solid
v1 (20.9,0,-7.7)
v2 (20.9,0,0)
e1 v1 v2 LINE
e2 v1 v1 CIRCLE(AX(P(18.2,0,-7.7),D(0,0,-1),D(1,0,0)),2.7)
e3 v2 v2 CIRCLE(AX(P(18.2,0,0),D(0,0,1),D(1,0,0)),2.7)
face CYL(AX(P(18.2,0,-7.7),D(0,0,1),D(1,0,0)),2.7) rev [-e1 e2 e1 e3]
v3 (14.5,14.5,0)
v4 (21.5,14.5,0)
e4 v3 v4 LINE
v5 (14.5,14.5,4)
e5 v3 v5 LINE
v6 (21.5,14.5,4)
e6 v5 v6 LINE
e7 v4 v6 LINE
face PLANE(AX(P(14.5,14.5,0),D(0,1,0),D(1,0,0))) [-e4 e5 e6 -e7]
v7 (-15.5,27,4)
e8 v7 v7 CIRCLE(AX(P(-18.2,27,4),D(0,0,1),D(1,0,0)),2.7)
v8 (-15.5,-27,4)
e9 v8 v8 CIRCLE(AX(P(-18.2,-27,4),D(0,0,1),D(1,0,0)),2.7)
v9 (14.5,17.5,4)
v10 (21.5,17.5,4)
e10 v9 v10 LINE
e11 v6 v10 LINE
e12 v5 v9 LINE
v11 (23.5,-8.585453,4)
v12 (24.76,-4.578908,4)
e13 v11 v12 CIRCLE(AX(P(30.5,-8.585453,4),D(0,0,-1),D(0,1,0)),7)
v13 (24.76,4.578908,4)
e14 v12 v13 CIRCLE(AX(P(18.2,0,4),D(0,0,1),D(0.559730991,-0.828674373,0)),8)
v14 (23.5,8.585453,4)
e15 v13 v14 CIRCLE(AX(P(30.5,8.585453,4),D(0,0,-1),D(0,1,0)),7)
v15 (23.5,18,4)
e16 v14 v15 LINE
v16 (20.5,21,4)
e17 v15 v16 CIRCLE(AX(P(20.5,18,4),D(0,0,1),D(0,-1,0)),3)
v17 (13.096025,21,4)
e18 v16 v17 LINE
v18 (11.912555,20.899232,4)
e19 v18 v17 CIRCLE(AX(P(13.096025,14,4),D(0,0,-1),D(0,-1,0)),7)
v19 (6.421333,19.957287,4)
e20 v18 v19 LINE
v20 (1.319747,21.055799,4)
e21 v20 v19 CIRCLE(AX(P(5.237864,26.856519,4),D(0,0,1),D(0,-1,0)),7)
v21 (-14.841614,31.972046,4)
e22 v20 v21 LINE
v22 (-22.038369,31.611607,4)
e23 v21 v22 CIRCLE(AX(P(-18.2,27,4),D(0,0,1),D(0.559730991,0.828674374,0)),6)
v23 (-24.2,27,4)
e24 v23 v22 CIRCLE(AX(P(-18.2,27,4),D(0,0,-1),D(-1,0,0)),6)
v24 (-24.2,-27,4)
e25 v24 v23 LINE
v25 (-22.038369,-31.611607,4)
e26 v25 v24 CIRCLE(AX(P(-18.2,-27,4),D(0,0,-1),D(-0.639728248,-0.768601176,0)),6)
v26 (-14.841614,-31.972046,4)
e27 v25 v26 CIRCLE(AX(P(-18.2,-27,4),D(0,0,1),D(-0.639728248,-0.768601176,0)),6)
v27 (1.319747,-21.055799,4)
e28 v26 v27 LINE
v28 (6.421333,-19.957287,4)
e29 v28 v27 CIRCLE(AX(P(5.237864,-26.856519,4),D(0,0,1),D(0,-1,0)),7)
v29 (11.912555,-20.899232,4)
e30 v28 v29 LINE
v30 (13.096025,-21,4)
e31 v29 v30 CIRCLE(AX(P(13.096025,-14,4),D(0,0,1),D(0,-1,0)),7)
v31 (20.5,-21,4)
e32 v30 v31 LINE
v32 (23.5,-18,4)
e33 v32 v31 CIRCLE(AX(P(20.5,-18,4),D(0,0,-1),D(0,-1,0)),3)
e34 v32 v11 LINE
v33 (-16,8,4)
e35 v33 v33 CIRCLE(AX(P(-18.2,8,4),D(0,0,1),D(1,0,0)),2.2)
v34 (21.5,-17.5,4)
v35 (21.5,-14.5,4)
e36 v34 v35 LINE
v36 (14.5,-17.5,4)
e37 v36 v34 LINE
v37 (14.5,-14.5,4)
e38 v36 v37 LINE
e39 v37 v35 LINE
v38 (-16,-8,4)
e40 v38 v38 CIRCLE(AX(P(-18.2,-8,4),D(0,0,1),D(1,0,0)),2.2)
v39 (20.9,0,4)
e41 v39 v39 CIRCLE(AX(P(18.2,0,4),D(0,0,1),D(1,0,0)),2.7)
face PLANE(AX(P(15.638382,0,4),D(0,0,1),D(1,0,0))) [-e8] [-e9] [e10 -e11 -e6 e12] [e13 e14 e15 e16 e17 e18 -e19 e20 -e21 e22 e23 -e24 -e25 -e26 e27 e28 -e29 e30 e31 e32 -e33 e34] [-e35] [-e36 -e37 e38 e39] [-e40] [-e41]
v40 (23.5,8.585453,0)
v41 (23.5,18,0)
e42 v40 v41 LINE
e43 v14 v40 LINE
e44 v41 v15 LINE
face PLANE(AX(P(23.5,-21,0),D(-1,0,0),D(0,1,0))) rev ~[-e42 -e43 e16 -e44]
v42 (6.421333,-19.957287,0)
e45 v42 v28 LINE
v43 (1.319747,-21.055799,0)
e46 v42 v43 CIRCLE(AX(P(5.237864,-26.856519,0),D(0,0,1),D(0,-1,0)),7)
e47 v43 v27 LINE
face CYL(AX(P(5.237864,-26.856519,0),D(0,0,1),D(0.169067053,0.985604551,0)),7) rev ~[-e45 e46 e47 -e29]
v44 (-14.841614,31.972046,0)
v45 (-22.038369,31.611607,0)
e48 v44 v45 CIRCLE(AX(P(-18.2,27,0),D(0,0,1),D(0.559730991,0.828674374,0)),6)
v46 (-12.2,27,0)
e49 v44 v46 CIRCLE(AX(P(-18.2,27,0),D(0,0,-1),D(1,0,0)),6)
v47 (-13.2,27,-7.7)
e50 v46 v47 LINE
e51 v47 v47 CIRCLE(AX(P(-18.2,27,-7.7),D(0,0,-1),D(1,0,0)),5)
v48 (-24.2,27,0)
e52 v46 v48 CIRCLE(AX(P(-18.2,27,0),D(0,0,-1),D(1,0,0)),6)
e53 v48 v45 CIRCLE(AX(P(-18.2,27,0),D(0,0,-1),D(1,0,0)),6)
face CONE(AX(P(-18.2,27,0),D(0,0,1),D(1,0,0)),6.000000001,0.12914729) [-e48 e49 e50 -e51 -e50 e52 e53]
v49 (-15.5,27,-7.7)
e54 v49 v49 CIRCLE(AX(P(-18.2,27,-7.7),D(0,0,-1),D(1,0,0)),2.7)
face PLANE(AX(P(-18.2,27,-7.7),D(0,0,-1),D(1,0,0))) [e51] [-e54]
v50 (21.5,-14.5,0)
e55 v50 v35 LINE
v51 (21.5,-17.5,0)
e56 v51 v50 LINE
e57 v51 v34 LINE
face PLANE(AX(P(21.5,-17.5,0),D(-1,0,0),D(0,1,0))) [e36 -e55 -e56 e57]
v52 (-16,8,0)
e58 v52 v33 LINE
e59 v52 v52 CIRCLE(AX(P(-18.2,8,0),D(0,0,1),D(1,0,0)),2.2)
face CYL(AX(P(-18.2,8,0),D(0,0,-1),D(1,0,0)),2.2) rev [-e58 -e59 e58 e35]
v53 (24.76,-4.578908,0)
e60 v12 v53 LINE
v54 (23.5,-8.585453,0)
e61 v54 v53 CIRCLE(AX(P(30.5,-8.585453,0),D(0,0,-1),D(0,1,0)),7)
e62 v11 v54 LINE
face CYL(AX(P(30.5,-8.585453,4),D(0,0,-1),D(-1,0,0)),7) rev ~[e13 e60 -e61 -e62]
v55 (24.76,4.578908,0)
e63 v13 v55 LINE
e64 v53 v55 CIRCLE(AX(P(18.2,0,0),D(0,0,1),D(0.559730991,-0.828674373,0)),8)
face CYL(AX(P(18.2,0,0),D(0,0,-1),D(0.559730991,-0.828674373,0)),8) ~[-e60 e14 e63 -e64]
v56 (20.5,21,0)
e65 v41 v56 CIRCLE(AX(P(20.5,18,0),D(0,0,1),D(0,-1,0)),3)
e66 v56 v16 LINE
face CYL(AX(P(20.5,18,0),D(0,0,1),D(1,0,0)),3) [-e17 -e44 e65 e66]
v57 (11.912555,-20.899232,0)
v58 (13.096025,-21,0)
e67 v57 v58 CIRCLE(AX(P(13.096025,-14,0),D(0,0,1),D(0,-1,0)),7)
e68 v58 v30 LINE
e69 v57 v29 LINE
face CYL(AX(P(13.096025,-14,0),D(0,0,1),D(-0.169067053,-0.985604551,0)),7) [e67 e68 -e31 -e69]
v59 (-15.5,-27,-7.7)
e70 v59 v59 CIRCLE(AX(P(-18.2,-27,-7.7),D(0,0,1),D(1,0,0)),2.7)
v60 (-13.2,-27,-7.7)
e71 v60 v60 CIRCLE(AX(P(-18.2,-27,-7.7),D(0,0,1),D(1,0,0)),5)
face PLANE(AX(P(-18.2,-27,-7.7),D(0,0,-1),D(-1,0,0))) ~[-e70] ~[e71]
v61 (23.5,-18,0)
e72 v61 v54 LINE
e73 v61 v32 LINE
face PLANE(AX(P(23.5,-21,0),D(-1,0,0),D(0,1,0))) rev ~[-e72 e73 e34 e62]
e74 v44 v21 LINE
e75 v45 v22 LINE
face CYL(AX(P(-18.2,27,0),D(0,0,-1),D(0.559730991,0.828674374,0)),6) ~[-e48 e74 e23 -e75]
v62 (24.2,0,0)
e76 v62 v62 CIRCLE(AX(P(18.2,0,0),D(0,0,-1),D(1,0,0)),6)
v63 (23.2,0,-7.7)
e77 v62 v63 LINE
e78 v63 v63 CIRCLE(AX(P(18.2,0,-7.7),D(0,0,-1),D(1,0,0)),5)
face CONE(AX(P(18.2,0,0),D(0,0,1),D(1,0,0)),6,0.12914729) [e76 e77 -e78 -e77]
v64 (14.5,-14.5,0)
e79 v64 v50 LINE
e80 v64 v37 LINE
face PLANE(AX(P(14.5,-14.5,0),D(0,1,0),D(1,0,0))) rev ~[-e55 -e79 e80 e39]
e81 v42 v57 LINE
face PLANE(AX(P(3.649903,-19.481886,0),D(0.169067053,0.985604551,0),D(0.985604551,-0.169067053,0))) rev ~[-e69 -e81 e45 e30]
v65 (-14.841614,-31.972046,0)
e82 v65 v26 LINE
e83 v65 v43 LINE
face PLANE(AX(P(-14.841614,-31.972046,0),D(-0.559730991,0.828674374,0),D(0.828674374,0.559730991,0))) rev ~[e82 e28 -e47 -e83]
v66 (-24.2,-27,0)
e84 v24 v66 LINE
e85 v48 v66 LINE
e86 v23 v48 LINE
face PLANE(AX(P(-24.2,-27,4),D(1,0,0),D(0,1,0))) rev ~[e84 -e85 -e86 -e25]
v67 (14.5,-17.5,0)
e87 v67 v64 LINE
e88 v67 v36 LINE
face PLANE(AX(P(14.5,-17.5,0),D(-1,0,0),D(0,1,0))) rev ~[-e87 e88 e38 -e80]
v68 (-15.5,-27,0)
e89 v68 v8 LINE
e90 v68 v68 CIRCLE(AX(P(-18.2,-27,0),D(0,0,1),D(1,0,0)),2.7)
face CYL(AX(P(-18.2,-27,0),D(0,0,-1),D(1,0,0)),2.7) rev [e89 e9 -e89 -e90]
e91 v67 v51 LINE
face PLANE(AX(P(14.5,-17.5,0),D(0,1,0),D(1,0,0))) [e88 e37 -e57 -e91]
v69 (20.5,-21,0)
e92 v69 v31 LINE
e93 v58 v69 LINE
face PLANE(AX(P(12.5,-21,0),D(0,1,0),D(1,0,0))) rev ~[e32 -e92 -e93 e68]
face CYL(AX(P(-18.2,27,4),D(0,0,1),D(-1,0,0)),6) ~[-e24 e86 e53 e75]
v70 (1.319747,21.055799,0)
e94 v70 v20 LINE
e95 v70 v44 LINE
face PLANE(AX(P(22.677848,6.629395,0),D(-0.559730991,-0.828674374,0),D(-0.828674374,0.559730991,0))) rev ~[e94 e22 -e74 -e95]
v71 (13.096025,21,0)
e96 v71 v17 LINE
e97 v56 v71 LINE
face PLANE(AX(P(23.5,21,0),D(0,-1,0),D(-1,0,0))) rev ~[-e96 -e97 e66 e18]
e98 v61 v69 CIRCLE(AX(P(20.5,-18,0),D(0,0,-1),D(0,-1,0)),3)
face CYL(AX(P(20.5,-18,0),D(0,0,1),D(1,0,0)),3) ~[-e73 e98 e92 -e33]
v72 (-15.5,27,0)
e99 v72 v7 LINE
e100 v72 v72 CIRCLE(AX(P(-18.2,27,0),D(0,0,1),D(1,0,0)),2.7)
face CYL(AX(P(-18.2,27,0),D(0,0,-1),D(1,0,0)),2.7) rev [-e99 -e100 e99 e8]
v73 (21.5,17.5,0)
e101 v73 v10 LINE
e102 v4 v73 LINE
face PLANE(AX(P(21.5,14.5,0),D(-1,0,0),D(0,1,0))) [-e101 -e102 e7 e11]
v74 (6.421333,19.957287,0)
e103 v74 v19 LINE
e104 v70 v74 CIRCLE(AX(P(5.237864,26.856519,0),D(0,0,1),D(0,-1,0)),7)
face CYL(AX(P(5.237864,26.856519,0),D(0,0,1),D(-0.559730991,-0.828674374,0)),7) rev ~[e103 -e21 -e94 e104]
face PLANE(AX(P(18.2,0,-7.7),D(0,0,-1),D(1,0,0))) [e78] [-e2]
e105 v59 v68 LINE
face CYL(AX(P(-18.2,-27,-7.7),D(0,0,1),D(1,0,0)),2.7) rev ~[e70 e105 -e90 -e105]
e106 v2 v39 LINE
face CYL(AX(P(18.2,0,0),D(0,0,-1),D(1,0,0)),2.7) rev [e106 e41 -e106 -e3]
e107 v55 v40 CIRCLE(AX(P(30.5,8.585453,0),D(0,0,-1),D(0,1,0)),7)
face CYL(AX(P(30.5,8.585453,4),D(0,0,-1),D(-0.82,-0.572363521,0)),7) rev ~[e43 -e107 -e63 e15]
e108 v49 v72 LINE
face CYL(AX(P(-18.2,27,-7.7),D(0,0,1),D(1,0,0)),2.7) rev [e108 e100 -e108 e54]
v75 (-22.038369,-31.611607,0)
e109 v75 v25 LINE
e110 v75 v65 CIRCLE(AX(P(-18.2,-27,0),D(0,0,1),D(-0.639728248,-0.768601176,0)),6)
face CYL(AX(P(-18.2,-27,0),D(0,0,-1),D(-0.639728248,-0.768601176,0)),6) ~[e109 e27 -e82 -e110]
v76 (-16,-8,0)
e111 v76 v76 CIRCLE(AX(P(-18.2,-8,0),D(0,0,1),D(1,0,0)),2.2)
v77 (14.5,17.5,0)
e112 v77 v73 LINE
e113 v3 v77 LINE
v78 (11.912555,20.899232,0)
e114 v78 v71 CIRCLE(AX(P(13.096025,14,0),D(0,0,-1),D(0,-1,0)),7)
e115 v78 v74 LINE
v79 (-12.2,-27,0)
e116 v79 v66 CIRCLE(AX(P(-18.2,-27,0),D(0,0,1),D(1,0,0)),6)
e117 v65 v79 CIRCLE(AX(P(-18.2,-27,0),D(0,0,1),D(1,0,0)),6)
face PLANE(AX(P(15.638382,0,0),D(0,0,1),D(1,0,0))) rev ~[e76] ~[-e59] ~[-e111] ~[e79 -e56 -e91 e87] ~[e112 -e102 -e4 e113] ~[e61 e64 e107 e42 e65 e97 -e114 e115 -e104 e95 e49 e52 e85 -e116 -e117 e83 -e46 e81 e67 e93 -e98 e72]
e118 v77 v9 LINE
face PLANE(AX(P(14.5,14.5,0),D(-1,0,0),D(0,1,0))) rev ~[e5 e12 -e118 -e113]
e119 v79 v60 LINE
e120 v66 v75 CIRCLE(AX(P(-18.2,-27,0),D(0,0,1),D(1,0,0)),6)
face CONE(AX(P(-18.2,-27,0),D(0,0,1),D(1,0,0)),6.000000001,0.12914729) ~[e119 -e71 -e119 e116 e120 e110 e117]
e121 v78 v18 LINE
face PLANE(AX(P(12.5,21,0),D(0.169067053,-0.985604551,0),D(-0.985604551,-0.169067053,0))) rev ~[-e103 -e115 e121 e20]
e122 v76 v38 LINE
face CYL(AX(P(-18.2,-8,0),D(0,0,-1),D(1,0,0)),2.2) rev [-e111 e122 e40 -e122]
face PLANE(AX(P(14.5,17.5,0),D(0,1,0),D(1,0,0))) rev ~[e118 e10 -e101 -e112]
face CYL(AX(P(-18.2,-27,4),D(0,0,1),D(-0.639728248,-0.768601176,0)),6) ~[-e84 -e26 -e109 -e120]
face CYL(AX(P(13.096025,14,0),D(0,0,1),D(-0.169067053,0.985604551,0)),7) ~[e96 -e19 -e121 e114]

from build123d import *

# Parameters (mm, degrees)
SKETCH_1_R          = 2.2
SKETCH_1_R_2        = 2.7
EXTRUDE_1_DEPTH     = 4
CUT_EXTRUDE_1_REACH = 59.017
EXTRUDE_START       = -4
SKETCH_6_W          = 7
SKETCH_6_H          = 3
SKETCH_6_R          = 2.7
EXTRUDE_3_DEPTH     = 4
FILLET_1_R          = 7
FILLET_2_R          = 3


with BuildPart() as part:
    # 草图1 → 凸台-拉伸1 (new body)
    with BuildSketch(Plane.XY):
        with BuildLine():
            Line((-22.03836949, 31.611607058), (-45, 12.5))
            Line((-45, 12.5), (-45, -12.5))
            Line((-45, -12.5), (-22.03836949, -31.611607058))
            ThreePointArc((-22.03836949, -31.611607058), (-18.500125226, -32.992489036), (-14.841614052, -31.972046241))
            Line((-14.841614052, -31.972046241), (22.677847931, -6.629394988))
            ThreePointArc((22.677847931, -6.629394988), (26.2, 0), (22.677847931, 6.629394988))
            Line((22.677847931, 6.629394988), (-14.841614052, 31.972046241))
            ThreePointArc((-14.841614052, 31.972046241), (-18.500125226, 32.992489036), (-22.03836949, 31.611607058))
        make_face()
        with Locations((-18.2, -8)):
            Circle(SKETCH_1_R, mode=Mode.SUBTRACT)
        with Locations((-18.2, 8)):
            Circle(SKETCH_1_R, mode=Mode.SUBTRACT)
        with Locations((-34.2, 0)):
            Circle(SKETCH_1_R, mode=Mode.SUBTRACT)
        with Locations((-18.2, 27)):
            Circle(SKETCH_1_R_2, mode=Mode.SUBTRACT)
        with Locations((-18.2, -27)):
            Circle(SKETCH_1_R_2, mode=Mode.SUBTRACT)
        with Locations((18.2, 0)):
            Circle(SKETCH_1_R_2, mode=Mode.SUBTRACT)
    extrude(amount=EXTRUDE_1_DEPTH)

    # 草图4 → 旋转1 (revolve)
    with BuildSketch(Plane(origin=(-25.021499827, 16.900859193, 0), x_dir=(0, 0, -1), z_dir=(0.8286743735186554, -0.5597309913462574, 0)), mode=Mode.PRIVATE) as revolve_1_sk:
        Polygon((7.7, 17.187104043), (7.7, 14.887104043), (0, 14.887104043), (0, 18.187104043), align=None)
    revolve_1 = revolve(revolve_1_sk.sketch.rotate(Axis((-18.2, 27, 1000.278995542), (0, 0, -1)), 55.962803956), axis=Axis((-18.2, 27, 1000.278995542), (0, 0, -1)))

    # 镜向1: 旋转1 across plane
    add(revolve_1.mirror(Plane.ZX))

    # 草图5 → 切除-拉伸1 (cut, up to next)
    with BuildSketch(Plane.XY.offset(4), mode=Mode.PRIVATE) as cut_extrude_1_sk1:
        with BuildLine():
            Line((-24.2, -27), (-24.2, 27))
            ThreePointArc((-24.2, 27), (-23.632780915, 29.546545018), (-22.03836949, 31.611607058))
            Line((-22.03836949, 31.611607058), (-45, 12.5))
            Line((-45, 12.5), (-45, -12.5))
            Line((-45, -12.5), (-22.03836949, -31.611607058))
            ThreePointArc((-22.03836949, -31.611607058), (-23.632780915, -29.546545018), (-24.2, -27))
        make_face()
    cut_extrude_1_tool1 = extrude(cut_extrude_1_sk1.sketch, amount=-CUT_EXTRUDE_1_REACH, mode=Mode.PRIVATE) & part.part
    add(cut_extrude_1_tool1.solids().sort_by_distance((-33.15819, 0, 4))[0], mode=Mode.SUBTRACT)

    # 草图6 → 凸台-拉伸3 (add)
    with BuildSketch(Plane.XY.offset(4).offset(EXTRUDE_START)):
        Polygon((12.5, -13.504057816), (3.649903477, -19.481886332), (12.5, -21), (23.5, -21), (23.5, 21), (12.5, 21), (3.649903477, 19.481886332), (12.5, 13.504057816), align=None)
        with Locations((18, -16)):
            Rectangle(SKETCH_6_W, SKETCH_6_H, mode=Mode.SUBTRACT)
        with Locations((18.2, 0)):
            Circle(SKETCH_6_R, mode=Mode.SUBTRACT)
        with Locations((18, 16)):
            Rectangle(SKETCH_6_W, SKETCH_6_H, mode=Mode.SUBTRACT)
    extrude(amount=EXTRUDE_3_DEPTH)

    # 圆角1
    fillet_1_edges = [part.edges().sort_by_distance(p)[0] for p in [
        (12.5, -21, 2),
        (3.649903477, -19.481886332, 2),
        (23.5, -5.992495307, 2),
        (23.5, 5.992495307, 2),
        (12.5, 21, 2),
        (3.649903477, 19.481886332, 2),
    ]]
    fillet(fillet_1_edges, radius=FILLET_1_R)

    # 圆角2
    fillet_2_edges = [part.edges().sort_by_distance(p)[0] for p in [
        (23.5, -21, 2),
        (23.5, 21, 2),
    ]]
    fillet(fillet_2_edges, radius=FILLET_2_R)

    # 草图7 → 旋转2 (revolve)
    with BuildSketch(Plane(origin=(6.459619467, 8.708524022, 0), x_dir=(0.8031661431318494, -0.5957551061692293, 0), z_dir=(0.5957551061692293, 0.8031661431318494, 0)), mode=Mode.PRIVATE) as revolve_2_sk:
        Polygon((11.917623805, 7.7), (11.917623805, 0), (8.617623805, 0), (9.617623805, 7.7), align=None)
    revolve(revolve_2_sk.sketch.rotate(Axis((18.2, 0, 0), (0, 0, -1)), 143.433519356), axis=Axis((18.2, 0, 0), (0, 0, -1)))


solid = part.part
